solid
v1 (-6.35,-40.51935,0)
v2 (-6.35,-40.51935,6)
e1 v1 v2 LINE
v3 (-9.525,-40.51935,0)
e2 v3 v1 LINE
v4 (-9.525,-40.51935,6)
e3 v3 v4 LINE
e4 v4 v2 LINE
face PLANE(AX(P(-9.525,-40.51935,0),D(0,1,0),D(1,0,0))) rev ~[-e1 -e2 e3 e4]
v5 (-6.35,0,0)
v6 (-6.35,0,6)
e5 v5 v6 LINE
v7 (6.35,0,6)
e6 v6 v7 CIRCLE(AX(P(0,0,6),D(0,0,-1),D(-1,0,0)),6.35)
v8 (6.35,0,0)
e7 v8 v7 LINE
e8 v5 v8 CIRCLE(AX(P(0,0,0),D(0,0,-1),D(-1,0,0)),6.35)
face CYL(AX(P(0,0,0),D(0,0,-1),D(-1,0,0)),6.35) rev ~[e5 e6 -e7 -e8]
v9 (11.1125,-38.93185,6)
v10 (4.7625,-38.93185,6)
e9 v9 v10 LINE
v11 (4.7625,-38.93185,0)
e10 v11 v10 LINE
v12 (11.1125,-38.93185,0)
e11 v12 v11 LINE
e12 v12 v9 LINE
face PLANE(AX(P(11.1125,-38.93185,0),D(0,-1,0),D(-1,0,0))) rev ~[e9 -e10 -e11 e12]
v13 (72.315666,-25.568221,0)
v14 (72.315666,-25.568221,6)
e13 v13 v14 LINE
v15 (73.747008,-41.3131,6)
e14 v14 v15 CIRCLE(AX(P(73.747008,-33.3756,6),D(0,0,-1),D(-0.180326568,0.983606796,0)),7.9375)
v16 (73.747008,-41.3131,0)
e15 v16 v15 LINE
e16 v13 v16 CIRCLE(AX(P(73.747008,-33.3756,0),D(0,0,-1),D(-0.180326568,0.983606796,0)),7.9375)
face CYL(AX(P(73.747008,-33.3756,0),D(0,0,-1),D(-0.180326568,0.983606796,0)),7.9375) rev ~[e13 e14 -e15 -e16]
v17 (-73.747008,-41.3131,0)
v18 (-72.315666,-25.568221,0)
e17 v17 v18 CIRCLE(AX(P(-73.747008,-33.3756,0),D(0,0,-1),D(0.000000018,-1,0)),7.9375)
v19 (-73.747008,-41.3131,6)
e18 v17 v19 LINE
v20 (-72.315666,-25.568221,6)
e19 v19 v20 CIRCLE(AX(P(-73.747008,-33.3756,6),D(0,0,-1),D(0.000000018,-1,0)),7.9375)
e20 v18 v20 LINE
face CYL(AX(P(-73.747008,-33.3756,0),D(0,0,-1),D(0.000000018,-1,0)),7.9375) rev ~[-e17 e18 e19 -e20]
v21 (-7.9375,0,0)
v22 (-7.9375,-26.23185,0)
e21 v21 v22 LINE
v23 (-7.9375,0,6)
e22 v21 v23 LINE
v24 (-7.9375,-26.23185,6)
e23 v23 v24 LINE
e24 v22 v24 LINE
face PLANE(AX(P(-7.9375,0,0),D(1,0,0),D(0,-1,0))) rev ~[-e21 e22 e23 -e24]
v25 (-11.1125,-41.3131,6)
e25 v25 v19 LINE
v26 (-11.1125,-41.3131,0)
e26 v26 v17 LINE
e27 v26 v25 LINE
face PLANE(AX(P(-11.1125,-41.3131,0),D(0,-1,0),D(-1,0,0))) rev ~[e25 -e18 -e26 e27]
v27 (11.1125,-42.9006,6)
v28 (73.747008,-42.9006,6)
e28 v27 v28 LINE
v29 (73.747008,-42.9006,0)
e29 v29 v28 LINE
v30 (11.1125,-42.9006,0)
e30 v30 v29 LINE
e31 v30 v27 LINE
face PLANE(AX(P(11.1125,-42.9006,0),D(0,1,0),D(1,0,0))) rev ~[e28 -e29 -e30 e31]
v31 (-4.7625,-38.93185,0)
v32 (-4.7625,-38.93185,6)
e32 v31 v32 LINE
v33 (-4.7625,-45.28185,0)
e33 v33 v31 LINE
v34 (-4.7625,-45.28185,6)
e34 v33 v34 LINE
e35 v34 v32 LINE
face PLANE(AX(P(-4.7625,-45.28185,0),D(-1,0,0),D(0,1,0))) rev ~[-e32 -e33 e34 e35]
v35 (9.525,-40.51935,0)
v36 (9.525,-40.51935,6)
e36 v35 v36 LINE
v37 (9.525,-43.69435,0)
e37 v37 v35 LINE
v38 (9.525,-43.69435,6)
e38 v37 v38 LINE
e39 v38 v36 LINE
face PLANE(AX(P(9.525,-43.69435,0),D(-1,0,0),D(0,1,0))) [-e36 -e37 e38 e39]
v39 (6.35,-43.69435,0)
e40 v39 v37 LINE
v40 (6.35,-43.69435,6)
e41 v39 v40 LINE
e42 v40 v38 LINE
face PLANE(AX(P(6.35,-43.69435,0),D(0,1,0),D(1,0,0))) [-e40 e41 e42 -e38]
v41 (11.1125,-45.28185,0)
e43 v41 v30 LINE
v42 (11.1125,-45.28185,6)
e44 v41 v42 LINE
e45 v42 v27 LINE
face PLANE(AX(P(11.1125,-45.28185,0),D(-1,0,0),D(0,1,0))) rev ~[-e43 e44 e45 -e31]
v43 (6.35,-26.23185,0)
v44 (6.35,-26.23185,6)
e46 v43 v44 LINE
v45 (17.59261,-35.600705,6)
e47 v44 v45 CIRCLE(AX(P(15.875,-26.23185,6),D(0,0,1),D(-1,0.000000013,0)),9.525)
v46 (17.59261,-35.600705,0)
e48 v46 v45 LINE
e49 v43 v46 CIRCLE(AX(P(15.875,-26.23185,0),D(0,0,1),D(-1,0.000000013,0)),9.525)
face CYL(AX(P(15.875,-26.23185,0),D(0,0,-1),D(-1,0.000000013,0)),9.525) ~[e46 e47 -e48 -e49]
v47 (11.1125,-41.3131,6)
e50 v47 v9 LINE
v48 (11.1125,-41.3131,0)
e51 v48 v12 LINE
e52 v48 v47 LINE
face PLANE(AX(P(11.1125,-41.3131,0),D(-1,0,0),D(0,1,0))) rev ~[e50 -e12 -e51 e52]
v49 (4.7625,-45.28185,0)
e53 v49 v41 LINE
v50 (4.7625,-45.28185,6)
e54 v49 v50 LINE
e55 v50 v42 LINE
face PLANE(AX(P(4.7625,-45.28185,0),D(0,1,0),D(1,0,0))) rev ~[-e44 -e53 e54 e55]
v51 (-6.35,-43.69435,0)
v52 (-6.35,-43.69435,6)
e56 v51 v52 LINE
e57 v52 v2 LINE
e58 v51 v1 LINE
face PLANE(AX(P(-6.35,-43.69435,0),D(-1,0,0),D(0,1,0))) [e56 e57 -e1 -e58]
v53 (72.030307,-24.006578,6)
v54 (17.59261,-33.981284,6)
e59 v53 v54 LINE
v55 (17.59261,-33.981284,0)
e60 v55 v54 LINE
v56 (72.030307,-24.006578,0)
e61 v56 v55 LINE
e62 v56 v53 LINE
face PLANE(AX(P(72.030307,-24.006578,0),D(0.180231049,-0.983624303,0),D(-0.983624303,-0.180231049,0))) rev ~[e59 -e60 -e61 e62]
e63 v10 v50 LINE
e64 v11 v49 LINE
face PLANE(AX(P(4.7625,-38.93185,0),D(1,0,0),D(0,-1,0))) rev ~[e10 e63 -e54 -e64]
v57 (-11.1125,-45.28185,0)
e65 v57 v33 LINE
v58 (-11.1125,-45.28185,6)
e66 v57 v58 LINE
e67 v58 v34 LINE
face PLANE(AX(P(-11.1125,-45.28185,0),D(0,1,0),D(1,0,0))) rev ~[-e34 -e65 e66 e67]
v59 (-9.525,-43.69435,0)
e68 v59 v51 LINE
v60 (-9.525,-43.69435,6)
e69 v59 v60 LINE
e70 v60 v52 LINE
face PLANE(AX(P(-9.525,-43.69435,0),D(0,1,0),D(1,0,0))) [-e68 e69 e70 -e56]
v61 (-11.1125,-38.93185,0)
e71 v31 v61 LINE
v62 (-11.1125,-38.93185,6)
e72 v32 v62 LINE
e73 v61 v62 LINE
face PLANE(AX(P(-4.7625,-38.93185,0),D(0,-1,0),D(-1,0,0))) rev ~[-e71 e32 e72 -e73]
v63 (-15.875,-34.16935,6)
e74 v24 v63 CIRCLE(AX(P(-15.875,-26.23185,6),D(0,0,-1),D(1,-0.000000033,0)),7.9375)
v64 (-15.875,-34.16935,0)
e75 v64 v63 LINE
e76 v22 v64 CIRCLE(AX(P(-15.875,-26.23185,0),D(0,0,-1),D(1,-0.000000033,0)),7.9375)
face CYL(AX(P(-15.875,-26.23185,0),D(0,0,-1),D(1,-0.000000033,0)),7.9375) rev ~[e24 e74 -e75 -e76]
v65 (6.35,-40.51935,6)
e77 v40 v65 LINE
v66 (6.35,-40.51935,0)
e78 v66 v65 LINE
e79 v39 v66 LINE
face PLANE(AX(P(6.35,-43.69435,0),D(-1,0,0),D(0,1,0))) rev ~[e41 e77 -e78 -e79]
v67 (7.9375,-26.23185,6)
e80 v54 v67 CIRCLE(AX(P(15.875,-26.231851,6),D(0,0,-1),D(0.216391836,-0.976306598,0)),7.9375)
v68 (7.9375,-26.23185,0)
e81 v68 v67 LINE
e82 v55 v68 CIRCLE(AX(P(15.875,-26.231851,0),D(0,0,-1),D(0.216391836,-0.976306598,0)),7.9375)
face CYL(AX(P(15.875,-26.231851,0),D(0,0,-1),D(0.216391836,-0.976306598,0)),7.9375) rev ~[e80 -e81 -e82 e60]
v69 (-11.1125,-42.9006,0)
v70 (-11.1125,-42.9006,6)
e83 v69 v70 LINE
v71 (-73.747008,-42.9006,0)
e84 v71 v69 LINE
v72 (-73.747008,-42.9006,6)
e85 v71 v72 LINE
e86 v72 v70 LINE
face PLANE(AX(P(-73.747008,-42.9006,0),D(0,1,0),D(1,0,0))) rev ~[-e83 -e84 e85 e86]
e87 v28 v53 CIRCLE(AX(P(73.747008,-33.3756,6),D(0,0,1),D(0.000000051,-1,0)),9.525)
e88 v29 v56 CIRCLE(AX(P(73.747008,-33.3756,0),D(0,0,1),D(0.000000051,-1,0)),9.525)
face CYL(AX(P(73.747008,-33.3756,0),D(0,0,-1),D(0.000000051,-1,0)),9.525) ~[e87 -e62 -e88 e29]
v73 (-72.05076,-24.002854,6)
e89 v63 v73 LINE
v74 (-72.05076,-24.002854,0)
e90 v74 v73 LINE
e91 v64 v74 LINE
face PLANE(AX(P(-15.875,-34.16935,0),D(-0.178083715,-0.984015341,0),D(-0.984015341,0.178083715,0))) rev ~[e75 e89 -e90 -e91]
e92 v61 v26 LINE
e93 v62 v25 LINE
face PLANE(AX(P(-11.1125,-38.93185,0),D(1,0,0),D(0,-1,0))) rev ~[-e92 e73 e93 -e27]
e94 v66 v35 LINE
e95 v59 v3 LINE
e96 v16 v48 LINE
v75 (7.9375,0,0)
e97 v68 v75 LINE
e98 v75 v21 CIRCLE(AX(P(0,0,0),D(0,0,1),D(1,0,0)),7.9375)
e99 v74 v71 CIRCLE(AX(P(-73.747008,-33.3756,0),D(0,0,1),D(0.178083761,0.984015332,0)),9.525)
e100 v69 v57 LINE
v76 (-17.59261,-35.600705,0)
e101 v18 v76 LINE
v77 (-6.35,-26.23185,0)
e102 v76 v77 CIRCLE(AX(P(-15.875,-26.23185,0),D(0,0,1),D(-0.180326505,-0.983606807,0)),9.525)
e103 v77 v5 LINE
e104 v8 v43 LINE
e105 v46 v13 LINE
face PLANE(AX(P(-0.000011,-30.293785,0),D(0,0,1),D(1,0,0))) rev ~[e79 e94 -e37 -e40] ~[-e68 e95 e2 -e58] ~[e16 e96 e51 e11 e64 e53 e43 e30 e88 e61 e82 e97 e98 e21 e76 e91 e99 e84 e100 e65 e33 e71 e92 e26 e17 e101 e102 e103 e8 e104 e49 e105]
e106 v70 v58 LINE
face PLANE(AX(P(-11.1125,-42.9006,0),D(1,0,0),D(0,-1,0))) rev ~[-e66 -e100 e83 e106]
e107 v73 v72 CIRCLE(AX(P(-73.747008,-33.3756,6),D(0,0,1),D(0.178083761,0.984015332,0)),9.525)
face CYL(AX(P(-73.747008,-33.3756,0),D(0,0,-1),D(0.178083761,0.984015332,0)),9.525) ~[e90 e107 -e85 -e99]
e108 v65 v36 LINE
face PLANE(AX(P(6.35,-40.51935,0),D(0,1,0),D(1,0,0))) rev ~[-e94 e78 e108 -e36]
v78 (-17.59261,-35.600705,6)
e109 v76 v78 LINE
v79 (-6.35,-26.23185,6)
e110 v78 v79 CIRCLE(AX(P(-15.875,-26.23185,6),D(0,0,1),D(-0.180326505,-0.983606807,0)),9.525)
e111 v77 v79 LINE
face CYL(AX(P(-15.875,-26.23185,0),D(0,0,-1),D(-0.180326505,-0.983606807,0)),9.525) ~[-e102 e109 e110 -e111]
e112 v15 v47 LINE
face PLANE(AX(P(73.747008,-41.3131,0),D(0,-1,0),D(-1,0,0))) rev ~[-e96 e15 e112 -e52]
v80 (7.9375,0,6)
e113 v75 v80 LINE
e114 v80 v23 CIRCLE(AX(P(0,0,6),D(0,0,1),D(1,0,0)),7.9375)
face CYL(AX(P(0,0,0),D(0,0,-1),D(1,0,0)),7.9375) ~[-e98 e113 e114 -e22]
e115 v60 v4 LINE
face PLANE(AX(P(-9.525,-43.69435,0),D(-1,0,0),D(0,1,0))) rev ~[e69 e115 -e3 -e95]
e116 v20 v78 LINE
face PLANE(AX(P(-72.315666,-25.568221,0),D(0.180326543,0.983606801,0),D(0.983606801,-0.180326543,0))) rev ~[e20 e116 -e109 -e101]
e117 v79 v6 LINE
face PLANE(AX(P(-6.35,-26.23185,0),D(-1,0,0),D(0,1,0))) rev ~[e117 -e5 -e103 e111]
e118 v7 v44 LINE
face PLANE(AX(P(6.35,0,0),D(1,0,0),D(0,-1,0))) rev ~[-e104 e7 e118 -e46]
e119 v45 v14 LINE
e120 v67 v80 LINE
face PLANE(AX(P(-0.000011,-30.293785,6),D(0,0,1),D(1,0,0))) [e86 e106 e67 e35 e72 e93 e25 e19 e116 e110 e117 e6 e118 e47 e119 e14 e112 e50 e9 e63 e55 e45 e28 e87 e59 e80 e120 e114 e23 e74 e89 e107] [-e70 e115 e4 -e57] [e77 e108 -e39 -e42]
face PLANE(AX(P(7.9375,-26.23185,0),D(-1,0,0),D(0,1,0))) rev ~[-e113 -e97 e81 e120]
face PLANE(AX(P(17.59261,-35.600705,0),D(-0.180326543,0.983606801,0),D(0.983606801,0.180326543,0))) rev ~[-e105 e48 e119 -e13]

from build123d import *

# Parameters (mm, degrees)
F0_W     = 3.175
F0_H     = 3.175
F1_DEPTH = 6


with BuildPart() as f1:
    # F0 (on Top) → F1 (new body)
    with BuildSketch(Plane.XY):
        with BuildLine():
            Line((-6.35, -26.23185), (-6.35, 0))
            ThreePointArc((-6.35, 0), (0, 6.35), (6.35, 0))
            Line((6.35, 0), (6.35, -26.23185))
            ThreePointArc((6.35, -26.23185), (9.777239, -33.549154), (17.59261, -35.600705))
            Line((17.59261, -35.600705), (72.315666, -25.568221))
            ThreePointArc((72.315666, -25.568221), (81.651911, -32.656978), (73.747008, -41.3131))
            Line((73.747008, -41.3131), (11.1125, -41.3131))
            Line((11.1125, -41.3131), (11.1125, -42.9006))
            Line((11.1125, -42.9006), (73.747008, -42.9006))
            ThreePointArc((73.747008, -42.9006), (83.232933, -32.513714), (72.030307, -24.006578))
            Line((72.030307, -24.006578), (17.59261, -33.981284))
            ThreePointArc((17.59261, -33.981284), (10.906581, -32.422062), (7.9375, -26.23185))
            Line((7.9375, -26.23185), (7.9375, 0))
            ThreePointArc((7.9375, 0), (0, 7.9375), (-7.9375, 0))
            Line((-7.9375, 0), (-7.9375, -26.23185))
            ThreePointArc((-7.9375, -26.23185), (-10.26234, -31.84451), (-15.875, -34.16935))
            Line((-15.875, -34.16935), (-72.05076, -24.002854))
            ThreePointArc((-72.05076, -24.002854), (-83.233868, -32.524067), (-73.747008, -42.9006))
            Line((-73.747008, -42.9006), (-11.1125, -42.9006))
            Line((-11.1125, -42.9006), (-11.1125, -41.3131))
            Line((-11.1125, -41.3131), (-73.747008, -41.3131))
            ThreePointArc((-73.747008, -41.3131), (-81.651911, -32.656978), (-72.315666, -25.568221))
            Line((-72.315666, -25.568221), (-17.59261, -35.600705))
            ThreePointArc((-17.59261, -35.600705), (-9.777239, -33.549154), (-6.35, -26.23185))
        make_face()
        Polygon((-11.1125, -38.93185), (-11.1125, -41.3131), (-11.1125, -42.9006), (-11.1125, -45.28185), (-4.7625, -45.28185), (-4.7625, -38.93185), align=None)
        with Locations((-7.9375, -42.10685)):
            Rectangle(F0_W, F0_H, mode=Mode.SUBTRACT)
        Polygon((11.1125, -42.9006), (11.1125, -41.3131), (11.1125, -38.93185), (4.7625, -38.93185), (4.7625, -45.28185), (11.1125, -45.28185), align=None)
        with Locations((7.9375, -42.10685)):
            Rectangle(F0_W, F0_H, mode=Mode.SUBTRACT)
    extrude(amount=F1_DEPTH)


solid = f1.part
